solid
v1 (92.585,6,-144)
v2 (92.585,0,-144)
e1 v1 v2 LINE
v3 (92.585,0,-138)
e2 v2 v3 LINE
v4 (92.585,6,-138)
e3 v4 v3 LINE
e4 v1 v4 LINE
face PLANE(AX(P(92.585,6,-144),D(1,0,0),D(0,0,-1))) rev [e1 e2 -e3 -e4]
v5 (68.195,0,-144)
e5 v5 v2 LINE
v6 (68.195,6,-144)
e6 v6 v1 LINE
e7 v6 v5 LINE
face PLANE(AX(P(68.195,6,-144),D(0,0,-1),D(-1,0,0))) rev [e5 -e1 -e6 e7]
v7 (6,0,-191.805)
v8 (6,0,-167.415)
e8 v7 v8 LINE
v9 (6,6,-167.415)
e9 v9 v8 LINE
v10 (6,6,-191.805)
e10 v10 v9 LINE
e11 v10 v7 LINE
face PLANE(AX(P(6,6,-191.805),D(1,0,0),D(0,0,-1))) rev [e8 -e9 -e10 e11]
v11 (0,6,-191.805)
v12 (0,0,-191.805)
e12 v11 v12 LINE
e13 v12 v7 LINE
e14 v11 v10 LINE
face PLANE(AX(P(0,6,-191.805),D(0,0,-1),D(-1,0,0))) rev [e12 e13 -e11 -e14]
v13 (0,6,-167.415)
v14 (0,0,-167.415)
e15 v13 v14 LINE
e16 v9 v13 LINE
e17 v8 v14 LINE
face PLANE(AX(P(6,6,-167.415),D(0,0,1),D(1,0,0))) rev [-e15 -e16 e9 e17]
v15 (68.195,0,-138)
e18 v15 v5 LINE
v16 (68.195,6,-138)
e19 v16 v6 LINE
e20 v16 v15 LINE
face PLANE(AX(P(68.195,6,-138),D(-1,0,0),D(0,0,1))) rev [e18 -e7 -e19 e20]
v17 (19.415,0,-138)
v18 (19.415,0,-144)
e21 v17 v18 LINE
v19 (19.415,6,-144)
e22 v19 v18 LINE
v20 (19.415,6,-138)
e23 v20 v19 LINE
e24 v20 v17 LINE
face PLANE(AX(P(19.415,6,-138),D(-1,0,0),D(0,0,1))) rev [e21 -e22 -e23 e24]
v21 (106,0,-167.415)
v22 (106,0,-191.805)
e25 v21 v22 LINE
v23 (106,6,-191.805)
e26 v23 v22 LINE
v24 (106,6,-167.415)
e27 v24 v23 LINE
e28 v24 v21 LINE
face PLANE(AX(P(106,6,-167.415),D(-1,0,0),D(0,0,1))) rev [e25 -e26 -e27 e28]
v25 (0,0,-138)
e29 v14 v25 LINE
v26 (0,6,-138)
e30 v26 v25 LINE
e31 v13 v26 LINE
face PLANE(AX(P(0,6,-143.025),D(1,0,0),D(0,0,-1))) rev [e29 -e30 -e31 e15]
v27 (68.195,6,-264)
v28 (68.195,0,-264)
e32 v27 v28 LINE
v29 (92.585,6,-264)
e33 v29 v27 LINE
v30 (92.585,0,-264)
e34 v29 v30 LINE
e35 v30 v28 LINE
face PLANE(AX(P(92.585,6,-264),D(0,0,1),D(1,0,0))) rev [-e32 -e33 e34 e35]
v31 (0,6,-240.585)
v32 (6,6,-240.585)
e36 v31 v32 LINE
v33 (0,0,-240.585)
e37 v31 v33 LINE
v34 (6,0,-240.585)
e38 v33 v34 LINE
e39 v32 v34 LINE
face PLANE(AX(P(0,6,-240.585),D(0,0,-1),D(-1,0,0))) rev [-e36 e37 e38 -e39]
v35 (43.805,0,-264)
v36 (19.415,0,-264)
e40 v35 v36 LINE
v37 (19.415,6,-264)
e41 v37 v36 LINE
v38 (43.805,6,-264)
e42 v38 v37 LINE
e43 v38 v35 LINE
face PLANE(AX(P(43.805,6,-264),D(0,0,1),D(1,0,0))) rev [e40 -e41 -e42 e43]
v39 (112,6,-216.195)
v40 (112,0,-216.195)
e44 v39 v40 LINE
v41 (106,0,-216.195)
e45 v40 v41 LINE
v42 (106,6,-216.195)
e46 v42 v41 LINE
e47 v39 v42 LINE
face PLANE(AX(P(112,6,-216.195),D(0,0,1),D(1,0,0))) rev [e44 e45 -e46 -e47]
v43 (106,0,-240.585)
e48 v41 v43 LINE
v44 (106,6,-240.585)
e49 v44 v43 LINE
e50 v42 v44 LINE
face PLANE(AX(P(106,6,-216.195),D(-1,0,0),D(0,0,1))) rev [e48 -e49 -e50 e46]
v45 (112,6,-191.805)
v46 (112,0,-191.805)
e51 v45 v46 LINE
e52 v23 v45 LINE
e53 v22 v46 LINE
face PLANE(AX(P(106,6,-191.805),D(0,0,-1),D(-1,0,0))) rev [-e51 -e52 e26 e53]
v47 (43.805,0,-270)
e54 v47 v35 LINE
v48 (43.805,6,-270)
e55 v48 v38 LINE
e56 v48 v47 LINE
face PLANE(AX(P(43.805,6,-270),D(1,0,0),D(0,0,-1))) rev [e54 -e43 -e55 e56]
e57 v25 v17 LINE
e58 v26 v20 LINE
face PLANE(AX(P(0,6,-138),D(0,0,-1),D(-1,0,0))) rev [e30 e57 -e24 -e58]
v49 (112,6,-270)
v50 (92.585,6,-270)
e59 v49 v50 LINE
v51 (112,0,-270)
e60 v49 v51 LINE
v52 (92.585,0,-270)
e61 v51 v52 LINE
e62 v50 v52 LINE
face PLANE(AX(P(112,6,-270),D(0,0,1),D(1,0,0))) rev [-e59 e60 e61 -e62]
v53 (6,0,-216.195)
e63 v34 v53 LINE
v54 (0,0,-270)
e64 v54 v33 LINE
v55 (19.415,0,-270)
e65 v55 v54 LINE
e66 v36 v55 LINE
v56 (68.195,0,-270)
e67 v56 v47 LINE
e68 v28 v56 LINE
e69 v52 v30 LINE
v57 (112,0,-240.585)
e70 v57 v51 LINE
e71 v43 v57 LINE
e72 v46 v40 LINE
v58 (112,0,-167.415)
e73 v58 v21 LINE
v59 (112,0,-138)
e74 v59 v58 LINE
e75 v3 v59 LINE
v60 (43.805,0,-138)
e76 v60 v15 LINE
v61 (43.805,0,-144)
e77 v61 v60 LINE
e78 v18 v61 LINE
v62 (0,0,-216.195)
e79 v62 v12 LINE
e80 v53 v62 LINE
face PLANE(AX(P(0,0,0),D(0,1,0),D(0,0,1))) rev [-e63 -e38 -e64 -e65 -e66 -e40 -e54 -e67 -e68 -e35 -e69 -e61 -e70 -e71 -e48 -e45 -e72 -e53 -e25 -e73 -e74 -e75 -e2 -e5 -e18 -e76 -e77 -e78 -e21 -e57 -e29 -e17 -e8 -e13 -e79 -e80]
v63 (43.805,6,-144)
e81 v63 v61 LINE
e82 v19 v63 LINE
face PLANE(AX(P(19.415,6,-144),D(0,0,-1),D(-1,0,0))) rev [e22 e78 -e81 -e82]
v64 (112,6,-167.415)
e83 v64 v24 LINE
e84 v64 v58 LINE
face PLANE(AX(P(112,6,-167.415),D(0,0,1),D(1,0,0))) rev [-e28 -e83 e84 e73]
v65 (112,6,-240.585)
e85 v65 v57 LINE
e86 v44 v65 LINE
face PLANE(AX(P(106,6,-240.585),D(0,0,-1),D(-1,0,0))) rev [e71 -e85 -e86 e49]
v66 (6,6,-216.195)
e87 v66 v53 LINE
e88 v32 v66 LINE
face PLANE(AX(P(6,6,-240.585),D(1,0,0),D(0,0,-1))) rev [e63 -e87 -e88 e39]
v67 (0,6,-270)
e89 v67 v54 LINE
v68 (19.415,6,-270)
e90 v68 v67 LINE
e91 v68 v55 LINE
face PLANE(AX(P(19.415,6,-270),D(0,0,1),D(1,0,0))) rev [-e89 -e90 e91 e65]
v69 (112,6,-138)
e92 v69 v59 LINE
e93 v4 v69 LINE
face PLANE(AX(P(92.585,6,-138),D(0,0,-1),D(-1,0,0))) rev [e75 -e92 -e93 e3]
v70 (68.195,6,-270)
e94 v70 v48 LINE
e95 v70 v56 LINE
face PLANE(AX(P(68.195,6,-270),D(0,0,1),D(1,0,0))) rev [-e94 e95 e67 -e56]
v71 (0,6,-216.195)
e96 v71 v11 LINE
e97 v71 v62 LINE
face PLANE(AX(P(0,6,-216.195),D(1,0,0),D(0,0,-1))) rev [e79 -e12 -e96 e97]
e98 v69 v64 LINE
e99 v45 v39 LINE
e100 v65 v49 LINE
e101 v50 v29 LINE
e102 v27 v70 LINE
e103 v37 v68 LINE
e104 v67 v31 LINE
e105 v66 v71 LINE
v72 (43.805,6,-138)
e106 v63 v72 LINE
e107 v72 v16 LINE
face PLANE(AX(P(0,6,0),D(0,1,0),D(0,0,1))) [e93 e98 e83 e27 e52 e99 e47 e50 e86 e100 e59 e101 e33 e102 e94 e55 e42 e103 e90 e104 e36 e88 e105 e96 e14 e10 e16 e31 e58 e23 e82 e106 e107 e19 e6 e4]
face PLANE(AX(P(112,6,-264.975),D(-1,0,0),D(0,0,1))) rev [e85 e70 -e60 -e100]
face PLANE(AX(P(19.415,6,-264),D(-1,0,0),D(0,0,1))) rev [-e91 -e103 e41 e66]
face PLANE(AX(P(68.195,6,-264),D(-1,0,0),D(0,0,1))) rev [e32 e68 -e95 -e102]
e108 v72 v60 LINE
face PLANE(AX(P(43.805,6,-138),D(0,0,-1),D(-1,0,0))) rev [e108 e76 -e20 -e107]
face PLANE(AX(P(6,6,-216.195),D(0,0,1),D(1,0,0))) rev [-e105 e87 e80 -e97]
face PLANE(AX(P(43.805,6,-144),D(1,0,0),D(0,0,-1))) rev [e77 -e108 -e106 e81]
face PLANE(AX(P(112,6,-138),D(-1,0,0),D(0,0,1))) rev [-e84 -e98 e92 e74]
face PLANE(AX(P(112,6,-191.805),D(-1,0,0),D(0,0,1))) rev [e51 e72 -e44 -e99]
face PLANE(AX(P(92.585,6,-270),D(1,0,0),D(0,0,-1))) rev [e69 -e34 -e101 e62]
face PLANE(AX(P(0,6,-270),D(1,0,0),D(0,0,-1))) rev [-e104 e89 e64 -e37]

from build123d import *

# Parameters (mm, degrees)
BOSS_EXTRUDE1_DEPTH = 6


with BuildPart() as part:
    # Sketch2 → Boss-Extrude1 (new body)
    with BuildSketch(Plane(origin=(0, 0, 0), x_dir=(1, 0, 0), z_dir=(0, 1, 0))):
        Polygon((0, 270), (0, 240.585), (6, 240.585), (6, 216.195), (0, 216.195), (0, 191.805), (6, 191.805), (6, 167.415), (0, 167.415), (0, 143.025), (0, 138), (19.415, 138), (19.415, 144), (43.805, 144), (43.805, 138), (68.195, 138), (68.195, 144), (92.585, 144), (92.585, 138), (112, 138), (112, 167.415), (106, 167.415), (106, 191.805), (112, 191.805), (112, 216.195), (106, 216.195), (106, 240.585), (112, 240.585), (112, 264.975), (112, 270), (92.585, 270), (92.585, 264), (68.195, 264), (68.195, 270), (43.805, 270), (43.805, 264), (19.415, 264), (19.415, 270), align=None)
    extrude(amount=BOSS_EXTRUDE1_DEPTH)


solid = part.part
